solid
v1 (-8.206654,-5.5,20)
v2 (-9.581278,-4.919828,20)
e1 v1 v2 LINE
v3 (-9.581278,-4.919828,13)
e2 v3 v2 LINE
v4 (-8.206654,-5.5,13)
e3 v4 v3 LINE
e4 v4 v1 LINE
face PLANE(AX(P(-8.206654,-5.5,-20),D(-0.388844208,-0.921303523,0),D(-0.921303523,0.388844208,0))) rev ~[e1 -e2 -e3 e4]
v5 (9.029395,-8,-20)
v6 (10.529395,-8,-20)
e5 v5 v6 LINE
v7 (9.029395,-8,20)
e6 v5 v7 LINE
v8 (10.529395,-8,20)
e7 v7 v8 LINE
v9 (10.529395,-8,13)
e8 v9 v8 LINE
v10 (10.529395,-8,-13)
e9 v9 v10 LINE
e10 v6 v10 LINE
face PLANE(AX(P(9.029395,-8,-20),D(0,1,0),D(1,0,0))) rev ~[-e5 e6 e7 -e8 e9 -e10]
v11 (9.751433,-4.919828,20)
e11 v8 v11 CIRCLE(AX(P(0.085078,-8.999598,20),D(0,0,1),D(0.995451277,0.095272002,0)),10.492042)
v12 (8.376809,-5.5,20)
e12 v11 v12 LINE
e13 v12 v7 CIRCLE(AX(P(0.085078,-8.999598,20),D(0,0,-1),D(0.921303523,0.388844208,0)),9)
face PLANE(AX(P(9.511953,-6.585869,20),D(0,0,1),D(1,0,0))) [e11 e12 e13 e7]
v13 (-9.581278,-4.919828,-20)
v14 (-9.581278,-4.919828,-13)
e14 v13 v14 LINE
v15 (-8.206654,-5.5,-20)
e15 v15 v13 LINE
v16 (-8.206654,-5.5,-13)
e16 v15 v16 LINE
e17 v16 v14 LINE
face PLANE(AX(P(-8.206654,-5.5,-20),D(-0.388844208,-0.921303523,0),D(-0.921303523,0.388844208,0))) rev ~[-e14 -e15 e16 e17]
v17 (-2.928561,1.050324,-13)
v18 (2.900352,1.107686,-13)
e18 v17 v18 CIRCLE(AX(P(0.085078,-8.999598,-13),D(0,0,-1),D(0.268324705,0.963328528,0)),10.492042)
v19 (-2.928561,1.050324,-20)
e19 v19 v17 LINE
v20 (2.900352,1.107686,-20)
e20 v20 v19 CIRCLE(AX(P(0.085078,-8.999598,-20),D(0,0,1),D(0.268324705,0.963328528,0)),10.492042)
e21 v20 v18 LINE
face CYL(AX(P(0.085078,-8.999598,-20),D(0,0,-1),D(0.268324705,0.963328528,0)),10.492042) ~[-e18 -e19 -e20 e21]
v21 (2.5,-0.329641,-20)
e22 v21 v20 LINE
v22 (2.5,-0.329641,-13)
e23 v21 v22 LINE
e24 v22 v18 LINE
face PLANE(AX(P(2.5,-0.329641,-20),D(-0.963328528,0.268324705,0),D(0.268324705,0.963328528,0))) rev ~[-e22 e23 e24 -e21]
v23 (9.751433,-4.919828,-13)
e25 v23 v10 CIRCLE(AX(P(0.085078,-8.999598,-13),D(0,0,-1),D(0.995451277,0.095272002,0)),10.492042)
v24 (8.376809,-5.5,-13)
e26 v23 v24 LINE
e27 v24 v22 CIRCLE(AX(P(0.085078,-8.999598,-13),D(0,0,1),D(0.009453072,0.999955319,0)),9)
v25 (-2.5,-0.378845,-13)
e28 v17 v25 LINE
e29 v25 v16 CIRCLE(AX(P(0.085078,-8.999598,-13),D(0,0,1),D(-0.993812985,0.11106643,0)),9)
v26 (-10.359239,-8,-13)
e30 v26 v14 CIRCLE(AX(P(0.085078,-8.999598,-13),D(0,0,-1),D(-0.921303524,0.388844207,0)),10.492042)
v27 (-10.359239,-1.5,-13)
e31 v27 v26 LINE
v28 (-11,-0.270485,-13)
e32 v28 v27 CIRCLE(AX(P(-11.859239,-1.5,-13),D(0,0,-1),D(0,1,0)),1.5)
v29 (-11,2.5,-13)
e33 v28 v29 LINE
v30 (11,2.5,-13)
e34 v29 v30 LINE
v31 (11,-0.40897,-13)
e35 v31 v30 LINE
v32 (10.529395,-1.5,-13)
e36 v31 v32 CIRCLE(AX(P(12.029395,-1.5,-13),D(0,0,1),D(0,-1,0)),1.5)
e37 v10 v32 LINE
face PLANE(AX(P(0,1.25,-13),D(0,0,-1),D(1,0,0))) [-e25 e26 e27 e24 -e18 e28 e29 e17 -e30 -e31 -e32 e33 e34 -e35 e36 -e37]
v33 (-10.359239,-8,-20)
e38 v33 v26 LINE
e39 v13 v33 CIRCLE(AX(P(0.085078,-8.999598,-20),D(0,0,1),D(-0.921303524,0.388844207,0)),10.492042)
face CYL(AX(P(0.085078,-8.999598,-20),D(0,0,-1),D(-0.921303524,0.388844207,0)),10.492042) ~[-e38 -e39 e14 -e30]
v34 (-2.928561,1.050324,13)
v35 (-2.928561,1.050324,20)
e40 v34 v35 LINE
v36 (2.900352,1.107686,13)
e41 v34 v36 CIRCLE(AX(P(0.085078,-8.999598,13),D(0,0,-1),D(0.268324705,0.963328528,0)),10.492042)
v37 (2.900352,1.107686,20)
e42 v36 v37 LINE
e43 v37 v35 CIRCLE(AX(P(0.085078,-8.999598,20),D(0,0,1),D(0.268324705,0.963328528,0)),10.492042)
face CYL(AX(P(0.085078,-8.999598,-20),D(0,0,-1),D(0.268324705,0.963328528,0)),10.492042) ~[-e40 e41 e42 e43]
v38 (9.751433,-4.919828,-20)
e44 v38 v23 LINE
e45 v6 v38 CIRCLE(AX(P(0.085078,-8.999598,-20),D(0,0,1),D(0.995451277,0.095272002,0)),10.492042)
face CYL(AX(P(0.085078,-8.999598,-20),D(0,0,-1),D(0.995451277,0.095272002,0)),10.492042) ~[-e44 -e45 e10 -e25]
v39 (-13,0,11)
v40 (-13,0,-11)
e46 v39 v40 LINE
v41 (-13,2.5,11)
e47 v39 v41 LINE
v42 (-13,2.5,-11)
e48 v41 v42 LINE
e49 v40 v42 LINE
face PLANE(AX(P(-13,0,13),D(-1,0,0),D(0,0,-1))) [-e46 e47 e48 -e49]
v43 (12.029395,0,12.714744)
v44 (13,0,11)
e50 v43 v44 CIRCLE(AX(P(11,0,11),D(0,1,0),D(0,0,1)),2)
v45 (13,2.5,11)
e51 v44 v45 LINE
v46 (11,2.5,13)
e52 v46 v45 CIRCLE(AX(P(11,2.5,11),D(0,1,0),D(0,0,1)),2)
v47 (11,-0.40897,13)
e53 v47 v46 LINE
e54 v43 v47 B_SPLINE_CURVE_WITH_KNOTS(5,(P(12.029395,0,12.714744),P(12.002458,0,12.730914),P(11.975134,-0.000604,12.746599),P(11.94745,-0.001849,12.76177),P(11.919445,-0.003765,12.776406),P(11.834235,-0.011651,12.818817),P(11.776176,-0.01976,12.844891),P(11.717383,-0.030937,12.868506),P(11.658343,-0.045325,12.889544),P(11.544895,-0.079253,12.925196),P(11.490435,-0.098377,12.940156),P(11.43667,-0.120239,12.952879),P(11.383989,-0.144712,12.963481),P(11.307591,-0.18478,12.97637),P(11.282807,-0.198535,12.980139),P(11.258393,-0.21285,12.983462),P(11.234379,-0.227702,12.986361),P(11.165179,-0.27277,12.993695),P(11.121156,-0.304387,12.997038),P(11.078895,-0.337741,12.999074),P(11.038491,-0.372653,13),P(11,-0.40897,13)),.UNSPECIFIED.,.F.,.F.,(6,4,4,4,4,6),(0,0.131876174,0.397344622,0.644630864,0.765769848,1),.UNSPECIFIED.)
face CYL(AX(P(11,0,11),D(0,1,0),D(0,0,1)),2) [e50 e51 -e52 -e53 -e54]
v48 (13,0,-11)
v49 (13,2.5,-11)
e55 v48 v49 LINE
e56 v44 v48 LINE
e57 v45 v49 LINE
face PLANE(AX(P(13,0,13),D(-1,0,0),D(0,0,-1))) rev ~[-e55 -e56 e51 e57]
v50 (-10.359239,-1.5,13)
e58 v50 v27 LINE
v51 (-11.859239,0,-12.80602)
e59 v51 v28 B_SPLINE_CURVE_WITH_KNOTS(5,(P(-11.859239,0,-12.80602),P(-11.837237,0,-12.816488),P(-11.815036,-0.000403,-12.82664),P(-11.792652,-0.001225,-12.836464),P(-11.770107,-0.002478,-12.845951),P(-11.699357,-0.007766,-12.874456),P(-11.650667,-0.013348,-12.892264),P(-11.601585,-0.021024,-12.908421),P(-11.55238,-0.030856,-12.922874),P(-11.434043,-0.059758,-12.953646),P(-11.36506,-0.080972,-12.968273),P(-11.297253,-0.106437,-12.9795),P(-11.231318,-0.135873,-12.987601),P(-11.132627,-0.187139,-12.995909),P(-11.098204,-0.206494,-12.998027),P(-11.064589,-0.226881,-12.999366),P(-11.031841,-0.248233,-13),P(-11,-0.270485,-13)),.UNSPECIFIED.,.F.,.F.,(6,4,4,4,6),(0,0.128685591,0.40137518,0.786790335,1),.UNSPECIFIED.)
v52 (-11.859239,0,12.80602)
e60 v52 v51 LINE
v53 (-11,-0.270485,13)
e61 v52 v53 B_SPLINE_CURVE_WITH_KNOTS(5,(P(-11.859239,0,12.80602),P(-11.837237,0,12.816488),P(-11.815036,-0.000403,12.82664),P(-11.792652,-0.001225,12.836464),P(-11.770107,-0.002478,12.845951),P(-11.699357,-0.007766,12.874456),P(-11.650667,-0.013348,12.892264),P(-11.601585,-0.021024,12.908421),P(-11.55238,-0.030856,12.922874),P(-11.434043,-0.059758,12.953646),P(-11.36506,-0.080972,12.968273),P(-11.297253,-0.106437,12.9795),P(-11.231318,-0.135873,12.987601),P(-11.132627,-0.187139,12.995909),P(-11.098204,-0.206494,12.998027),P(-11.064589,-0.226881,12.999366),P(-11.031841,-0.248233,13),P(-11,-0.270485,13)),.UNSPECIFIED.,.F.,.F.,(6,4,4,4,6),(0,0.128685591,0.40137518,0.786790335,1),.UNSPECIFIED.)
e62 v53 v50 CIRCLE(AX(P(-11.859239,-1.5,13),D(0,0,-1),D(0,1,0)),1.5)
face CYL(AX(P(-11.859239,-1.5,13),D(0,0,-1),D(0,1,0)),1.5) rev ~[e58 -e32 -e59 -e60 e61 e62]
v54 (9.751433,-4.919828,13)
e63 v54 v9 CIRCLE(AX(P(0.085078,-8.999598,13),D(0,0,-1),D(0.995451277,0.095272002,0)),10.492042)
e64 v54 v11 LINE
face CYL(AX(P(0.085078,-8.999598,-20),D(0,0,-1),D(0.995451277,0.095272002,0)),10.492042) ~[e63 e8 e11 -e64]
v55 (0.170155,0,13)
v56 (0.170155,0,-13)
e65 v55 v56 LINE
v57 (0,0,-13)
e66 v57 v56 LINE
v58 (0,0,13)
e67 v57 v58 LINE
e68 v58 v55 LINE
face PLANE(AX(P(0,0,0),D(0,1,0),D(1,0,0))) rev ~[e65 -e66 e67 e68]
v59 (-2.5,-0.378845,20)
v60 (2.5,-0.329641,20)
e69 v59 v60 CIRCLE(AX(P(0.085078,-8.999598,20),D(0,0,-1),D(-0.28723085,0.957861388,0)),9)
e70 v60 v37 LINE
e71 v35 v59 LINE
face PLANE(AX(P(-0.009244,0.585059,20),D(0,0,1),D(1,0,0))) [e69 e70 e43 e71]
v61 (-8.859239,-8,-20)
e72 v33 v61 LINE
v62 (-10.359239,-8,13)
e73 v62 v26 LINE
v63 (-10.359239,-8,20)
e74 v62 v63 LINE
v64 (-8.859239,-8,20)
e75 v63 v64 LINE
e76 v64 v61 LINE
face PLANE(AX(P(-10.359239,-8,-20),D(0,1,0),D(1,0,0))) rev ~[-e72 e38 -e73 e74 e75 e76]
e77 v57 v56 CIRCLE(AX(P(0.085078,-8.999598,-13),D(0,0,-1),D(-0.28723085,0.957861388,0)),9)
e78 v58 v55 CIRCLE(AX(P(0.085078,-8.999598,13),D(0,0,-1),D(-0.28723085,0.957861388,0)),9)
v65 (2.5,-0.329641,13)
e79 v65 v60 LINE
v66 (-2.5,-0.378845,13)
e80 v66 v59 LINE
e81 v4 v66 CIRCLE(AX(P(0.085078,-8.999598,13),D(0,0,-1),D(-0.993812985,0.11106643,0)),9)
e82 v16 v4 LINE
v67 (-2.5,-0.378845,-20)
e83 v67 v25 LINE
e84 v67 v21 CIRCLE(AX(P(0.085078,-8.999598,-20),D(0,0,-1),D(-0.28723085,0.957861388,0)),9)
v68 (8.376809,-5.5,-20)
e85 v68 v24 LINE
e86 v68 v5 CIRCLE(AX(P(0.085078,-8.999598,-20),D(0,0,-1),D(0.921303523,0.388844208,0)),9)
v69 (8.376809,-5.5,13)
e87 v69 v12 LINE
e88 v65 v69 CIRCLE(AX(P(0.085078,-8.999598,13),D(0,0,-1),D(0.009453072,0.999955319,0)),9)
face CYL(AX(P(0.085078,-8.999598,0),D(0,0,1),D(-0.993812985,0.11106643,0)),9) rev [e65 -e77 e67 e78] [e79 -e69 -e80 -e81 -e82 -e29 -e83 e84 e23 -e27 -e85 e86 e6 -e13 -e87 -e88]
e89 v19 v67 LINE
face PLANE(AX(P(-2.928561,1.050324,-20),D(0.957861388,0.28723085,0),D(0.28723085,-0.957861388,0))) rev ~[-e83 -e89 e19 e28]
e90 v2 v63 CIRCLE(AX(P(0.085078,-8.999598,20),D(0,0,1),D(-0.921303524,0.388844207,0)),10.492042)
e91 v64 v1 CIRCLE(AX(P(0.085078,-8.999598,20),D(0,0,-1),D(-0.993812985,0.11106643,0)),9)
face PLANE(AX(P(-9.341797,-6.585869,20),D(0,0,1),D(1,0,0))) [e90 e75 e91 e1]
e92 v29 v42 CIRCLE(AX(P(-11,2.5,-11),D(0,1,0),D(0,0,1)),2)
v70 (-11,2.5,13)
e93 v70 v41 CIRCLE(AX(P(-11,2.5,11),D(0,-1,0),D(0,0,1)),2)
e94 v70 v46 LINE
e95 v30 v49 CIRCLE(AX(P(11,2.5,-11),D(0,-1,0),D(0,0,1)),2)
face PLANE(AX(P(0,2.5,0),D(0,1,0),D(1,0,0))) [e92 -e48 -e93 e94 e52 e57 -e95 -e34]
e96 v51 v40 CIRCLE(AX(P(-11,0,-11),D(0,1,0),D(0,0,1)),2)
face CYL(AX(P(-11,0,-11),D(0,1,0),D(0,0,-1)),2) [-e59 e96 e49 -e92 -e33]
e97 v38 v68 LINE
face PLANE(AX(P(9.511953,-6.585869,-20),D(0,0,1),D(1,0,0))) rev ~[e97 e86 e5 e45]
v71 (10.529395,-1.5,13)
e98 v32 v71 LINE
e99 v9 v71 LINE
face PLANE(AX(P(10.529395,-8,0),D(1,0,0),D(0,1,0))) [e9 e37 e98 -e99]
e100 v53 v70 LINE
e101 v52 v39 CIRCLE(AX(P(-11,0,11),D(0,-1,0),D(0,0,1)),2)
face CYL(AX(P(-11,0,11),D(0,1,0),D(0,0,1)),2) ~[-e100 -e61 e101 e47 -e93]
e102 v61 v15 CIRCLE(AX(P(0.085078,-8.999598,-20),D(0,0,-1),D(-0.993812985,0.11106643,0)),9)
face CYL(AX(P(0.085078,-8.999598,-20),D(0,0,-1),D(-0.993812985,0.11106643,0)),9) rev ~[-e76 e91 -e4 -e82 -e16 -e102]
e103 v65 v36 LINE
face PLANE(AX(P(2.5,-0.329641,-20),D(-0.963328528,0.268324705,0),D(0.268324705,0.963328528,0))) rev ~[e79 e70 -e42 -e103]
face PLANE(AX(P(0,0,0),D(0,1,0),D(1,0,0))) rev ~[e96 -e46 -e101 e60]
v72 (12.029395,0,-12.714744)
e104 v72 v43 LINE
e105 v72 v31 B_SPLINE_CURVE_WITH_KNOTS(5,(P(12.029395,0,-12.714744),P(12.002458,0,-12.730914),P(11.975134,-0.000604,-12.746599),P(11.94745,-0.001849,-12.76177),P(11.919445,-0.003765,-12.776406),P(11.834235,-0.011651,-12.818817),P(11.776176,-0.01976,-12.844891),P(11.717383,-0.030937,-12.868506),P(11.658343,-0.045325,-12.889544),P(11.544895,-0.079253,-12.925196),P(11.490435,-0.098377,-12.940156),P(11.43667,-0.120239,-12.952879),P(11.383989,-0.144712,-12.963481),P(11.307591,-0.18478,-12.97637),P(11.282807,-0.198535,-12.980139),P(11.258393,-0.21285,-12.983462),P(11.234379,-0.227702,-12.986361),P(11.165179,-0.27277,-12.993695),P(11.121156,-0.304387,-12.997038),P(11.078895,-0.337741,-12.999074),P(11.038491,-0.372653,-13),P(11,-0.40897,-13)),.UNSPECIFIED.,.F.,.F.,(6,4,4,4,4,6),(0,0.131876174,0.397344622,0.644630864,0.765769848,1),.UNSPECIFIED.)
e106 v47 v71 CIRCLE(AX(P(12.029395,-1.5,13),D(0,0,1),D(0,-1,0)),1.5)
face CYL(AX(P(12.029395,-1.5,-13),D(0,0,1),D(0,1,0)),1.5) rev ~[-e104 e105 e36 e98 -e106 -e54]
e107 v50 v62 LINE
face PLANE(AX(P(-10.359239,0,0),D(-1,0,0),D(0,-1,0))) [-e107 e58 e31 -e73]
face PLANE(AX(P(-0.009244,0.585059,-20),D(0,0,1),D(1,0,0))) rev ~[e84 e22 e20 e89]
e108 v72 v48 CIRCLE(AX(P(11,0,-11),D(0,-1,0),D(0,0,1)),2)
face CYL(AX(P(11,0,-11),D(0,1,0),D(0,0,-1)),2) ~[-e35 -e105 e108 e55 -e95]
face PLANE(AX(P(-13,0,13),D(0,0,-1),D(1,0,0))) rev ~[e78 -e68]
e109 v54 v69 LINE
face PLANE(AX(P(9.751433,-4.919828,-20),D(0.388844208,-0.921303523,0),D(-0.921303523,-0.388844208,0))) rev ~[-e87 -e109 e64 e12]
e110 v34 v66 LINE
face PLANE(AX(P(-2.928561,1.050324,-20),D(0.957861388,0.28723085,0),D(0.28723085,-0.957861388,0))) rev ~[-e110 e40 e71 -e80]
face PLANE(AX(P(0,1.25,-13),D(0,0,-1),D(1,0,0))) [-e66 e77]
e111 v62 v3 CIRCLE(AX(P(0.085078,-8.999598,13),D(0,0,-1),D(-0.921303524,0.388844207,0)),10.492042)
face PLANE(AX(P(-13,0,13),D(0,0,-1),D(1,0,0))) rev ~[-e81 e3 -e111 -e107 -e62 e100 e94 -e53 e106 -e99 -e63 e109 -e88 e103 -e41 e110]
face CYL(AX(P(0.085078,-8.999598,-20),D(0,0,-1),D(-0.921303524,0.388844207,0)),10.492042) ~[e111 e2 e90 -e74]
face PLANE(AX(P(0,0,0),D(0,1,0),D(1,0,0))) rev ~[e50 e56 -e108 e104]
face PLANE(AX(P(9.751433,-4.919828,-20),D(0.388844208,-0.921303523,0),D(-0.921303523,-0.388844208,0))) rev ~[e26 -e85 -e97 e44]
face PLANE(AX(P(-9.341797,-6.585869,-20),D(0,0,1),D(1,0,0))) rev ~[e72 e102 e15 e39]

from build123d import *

# Parameters (mm, degrees)
SKETCH1_W                       = 26
SKETCH1_H                       = 26
BOSS_EXTRUDE1_DEPTH             = 2.5
BOSS_EXTRUDE2_REACH             = 20.554
BOSS_EXTRUDE2_DIRECTION_2_REACH = 20.554
BOSS_EXTRUDE3_DEPTH             = 20
BOSS_EXTRUDE3_DEPTH_BACK        = 20
FILLET1_R                       = 2
FILLET2_R                       = 1.5


with BuildPart() as part:
    # Sketch1 → Boss-Extrude1 (new body)
    with BuildSketch(Plane(origin=(0, 0, 0), x_dir=(1, 0, 0), z_dir=(0, 1, 0))):
        Rectangle(SKETCH1_W, SKETCH1_H)
    extrude(amount=BOSS_EXTRUDE1_DEPTH)

    # Boss-Extrude2: up to this face of the body (flat: up to its plane)
    boss_extrude2_end = Plane(part.part.faces().sort_by_distance((0, 1.25, 13))[0])
    # Sketch2 → Boss-Extrude2 (add, up to the picked face)
    with BuildSketch(Plane.XY, mode=Mode.PRIVATE) as boss_extrude2_sk1:
        with BuildLine():
            Line((10.529394514, -8), (10.529394514, 0))
            Line((10.529394514, 0), (0.170155306, 0))
            ThreePointArc((0.170155306, 0), (6.116867713, -2.319963995), (9.029394514, -8))
            Line((9.029394514, -8), (10.529394514, -8))
        make_face()
    boss_extrude2_tool1 = split(extrude(boss_extrude2_sk1.sketch, amount=BOSS_EXTRUDE2_REACH, mode=Mode.PRIVATE), bisect_by=boss_extrude2_end, keep=Keep.BOTH, mode=Mode.PRIVATE)
    # Sketch2 → Boss-Extrude2 (add, up to the picked face)
    with BuildSketch(Plane.XY, mode=Mode.PRIVATE) as boss_extrude2_sk2:
        with BuildLine():
            ThreePointArc((-8.859239207, -8), (-5.946712406, -2.319963995), (0, 0))
            Line((0, 0), (-10.359239207, 0))
            Line((-10.359239207, 0), (-10.359239207, -8))
            Line((-10.359239207, -8), (-8.859239207, -8))
        make_face()
    boss_extrude2_tool2 = split(extrude(boss_extrude2_sk2.sketch, amount=BOSS_EXTRUDE2_REACH, mode=Mode.PRIVATE), bisect_by=boss_extrude2_end, keep=Keep.BOTH, mode=Mode.PRIVATE)
    add(boss_extrude2_tool1.solids().sort_by(Axis((8.165693, -2.801403, 0), (0, 0, 1)))[0])
    add(boss_extrude2_tool2.solids().sort_by(Axis((-7.995538, -2.801403, 0), (0, 0, 1)))[0])

    # Boss-Extrude2 direction 2: up to this face of the body (flat: up to its plane)
    boss_extrude2_direction_2_end = Plane(part.part.faces().sort_by_distance((0, 1.25, -13))[0])
    # Sketch2 → Boss-Extrude2 direction 2 (add, up to the picked face)
    with BuildSketch(Plane.XY, mode=Mode.PRIVATE) as boss_extrude2_direction_2_sk1:
        with BuildLine():
            Line((10.529394514, -8), (10.529394514, 0))
            Line((10.529394514, 0), (0.170155306, 0))
            ThreePointArc((0.170155306, 0), (6.116867713, -2.319963995), (9.029394514, -8))
            Line((9.029394514, -8), (10.529394514, -8))
        make_face()
    boss_extrude2_direction_2_tool1 = split(extrude(boss_extrude2_direction_2_sk1.sketch, amount=-BOSS_EXTRUDE2_DIRECTION_2_REACH, mode=Mode.PRIVATE), bisect_by=boss_extrude2_direction_2_end, keep=Keep.BOTH, mode=Mode.PRIVATE)
    # Sketch2 → Boss-Extrude2 direction 2 (add, up to the picked face)
    with BuildSketch(Plane.XY, mode=Mode.PRIVATE) as boss_extrude2_direction_2_sk2:
        with BuildLine():
            ThreePointArc((-8.859239207, -8), (-5.946712406, -2.319963995), (0, 0))
            Line((0, 0), (-10.359239207, 0))
            Line((-10.359239207, 0), (-10.359239207, -8))
            Line((-10.359239207, -8), (-8.859239207, -8))
        make_face()
    boss_extrude2_direction_2_tool2 = split(extrude(boss_extrude2_direction_2_sk2.sketch, amount=-BOSS_EXTRUDE2_DIRECTION_2_REACH, mode=Mode.PRIVATE), bisect_by=boss_extrude2_direction_2_end, keep=Keep.BOTH, mode=Mode.PRIVATE)
    add(boss_extrude2_direction_2_tool1.solids().sort_by(Axis((8.165693, -2.801403, 0), (0, 0, -1)))[0])
    add(boss_extrude2_direction_2_tool2.solids().sort_by(Axis((-7.995538, -2.801403, 0), (0, 0, -1)))[0])

    # Sketch3 → Boss-Extrude3 (add, two sides: drawn at the far end of the back side and taken through both)
    with BuildSketch(Plane.XY.offset(-BOSS_EXTRUDE3_DEPTH_BACK)):
        with BuildLine():
            ThreePointArc((-8.859239207, -8), (-8.623127821, -6.726459638), (-8.206654057, -5.5))
            Line((-8.206654057, -5.5), (-9.58127784, -4.919828013))
            ThreePointArc((-9.58127784, -4.919828013), (-10.087515452, -6.430298336), (-10.359239207, -8))
            Line((-10.359239207, -8), (-8.859239207, -8))
        make_face()
        with BuildLine():
            Line((9.751433146, -4.919828013), (8.376809364, -5.5))
            ThreePointArc((8.376809364, -5.5), (8.793283128, -6.726459638), (9.029394514, -8))
            Line((9.029394514, -8), (10.529394514, -8))
            ThreePointArc((10.529394514, -8), (10.257670759, -6.430298336), (9.751433146, -4.919828013))
        make_face()
        with BuildLine():
            ThreePointArc((-2.5, -0.378845376), (-0.003485724, -3.3627e-05), (2.5, -0.329641118))
            Line((2.5, -0.329641118), (2.900351797, 1.107685747))
            ThreePointArc((2.900351797, 1.107685747), (-0.01816798, 1.491936382), (-2.928560564, 1.050324284))
            Line((-2.928560564, 1.050324284), (-2.5, -0.378845376))
        make_face()
    extrude(amount=BOSS_EXTRUDE3_DEPTH + BOSS_EXTRUDE3_DEPTH_BACK)

    # Fillet1
    fillet1_edges = [part.edges().sort_by_distance(p)[0] for p in [
        (13, 1.25, 13),
        (-13, 1.25, 13),
        (-13, 1.25, -13),
        (13, 1.25, -13),
    ]]
    fillet(fillet1_edges, radius=FILLET1_R)

    # Fillet2
    fillet2_edges = [part.edges().sort_by_distance(p)[0] for p in [
        (-10.359239207, 0, 0),
        (10.529394514, 0, 0),
    ]]
    fillet(fillet2_edges, radius=FILLET2_R)


solid = part.part
